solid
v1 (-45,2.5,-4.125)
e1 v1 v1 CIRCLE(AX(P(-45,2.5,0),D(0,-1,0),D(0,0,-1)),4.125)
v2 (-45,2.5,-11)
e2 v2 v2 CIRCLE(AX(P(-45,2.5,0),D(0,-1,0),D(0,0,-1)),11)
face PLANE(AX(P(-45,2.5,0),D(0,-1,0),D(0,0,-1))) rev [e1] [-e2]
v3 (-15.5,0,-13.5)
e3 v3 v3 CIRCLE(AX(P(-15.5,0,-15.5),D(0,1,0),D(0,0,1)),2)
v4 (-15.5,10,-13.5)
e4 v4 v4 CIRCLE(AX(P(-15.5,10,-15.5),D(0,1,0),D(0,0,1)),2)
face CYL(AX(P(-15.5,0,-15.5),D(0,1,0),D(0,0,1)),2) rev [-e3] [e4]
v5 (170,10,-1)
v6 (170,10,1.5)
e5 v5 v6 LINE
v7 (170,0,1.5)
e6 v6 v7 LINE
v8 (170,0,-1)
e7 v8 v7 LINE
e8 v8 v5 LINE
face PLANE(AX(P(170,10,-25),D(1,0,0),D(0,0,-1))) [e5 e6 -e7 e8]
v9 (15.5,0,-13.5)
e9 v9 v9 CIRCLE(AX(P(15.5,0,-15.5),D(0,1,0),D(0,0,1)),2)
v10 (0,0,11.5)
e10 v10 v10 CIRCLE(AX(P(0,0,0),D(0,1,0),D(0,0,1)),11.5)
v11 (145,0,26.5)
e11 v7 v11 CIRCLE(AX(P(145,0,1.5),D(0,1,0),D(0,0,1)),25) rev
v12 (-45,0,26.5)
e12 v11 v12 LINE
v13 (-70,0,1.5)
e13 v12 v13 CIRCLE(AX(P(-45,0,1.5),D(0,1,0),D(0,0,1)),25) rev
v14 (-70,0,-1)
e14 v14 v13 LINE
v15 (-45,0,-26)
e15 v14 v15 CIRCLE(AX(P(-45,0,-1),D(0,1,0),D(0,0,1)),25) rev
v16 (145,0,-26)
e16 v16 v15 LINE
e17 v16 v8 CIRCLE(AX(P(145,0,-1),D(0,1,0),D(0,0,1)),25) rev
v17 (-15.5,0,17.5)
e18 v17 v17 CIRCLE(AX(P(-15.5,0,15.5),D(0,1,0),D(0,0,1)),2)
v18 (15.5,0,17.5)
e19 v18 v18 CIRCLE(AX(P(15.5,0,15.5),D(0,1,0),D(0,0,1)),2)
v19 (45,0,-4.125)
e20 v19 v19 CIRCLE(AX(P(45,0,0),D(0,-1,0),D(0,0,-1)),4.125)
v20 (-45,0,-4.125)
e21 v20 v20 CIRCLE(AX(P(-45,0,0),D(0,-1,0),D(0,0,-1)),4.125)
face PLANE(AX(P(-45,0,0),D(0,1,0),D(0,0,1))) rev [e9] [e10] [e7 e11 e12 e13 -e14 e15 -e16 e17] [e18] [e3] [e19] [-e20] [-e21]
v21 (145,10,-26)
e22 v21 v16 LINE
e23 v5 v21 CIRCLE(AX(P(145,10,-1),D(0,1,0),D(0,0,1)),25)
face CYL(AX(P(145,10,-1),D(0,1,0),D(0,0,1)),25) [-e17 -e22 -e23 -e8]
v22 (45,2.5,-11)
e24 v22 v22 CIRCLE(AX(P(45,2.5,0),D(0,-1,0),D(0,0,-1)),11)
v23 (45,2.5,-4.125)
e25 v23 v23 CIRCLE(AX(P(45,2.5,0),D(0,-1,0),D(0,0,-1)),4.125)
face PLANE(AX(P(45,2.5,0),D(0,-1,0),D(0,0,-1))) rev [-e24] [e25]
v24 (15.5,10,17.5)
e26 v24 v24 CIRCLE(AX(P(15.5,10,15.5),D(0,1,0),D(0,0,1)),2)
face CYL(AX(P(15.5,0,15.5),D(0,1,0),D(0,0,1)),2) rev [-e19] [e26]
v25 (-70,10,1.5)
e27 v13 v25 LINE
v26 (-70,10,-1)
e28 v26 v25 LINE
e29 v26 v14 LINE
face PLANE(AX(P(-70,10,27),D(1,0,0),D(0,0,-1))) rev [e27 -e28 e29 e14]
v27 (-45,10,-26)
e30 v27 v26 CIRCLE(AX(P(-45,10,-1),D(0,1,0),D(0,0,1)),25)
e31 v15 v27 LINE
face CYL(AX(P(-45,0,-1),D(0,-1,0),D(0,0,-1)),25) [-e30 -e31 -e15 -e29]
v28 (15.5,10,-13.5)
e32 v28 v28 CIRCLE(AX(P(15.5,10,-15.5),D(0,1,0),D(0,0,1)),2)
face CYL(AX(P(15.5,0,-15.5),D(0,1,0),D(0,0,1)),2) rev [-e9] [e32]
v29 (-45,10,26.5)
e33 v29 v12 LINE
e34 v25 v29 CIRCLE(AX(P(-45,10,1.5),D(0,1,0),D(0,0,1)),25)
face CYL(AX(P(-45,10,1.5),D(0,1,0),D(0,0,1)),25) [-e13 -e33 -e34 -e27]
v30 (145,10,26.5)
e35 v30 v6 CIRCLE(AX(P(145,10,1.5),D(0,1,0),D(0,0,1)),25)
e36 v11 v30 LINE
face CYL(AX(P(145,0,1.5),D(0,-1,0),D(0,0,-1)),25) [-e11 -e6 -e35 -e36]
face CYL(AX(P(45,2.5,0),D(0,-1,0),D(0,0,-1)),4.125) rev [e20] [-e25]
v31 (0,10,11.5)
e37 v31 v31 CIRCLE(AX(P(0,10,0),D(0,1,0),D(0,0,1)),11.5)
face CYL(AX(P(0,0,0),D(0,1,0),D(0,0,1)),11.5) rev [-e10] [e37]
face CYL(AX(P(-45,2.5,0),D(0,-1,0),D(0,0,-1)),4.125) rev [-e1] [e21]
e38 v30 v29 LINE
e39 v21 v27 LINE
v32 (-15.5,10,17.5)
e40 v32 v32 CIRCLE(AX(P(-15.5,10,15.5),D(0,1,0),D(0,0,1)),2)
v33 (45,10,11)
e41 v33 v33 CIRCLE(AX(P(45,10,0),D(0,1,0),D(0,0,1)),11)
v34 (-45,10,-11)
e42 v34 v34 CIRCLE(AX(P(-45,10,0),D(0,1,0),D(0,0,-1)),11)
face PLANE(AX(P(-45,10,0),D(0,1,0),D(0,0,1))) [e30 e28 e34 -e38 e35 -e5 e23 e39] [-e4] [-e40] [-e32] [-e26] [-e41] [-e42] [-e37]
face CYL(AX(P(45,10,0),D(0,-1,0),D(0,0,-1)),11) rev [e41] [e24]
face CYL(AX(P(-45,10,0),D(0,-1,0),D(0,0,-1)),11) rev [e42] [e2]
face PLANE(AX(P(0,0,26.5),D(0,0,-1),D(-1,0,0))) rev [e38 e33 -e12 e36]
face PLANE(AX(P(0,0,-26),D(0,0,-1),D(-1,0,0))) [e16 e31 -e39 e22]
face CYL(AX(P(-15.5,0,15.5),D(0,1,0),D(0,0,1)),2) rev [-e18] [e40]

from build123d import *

# Parameters (mm, degrees)
SKETCH1_R           = 11
BOSS_EXTRUDE1_DEPTH = 10
SKETCH2_R           = 11
SKETCH2_R_2         = 4.125
BOSS_EXTRUDE2_DEPTH = 2.5
SKETCH4_R           = 2
SKETCH4_R_2         = 11.5
CUT_EXTRUDE1_DEPTH  = 10
BOSS_EXTRUDE3_DEPTH = 10
BOSS_EXTRUDE4_DEPTH = 10
FILLET1_R           = 25
CUT_EXTRUDE5_DEPTH  = 10
BOSS_EXTRUDE6_DEPTH = 10
FILLET3_R           = 25
BOSS_EXTRUDE7_DEPTH = 10
FILLET4_R           = 25


with BuildPart() as part:
    # Sketch1 → Boss-Extrude1 (new body)
    with BuildSketch(Plane(origin=(0, 0, 0), x_dir=(1, 0, 0), z_dir=(0, 1, 0))):
        with BuildLine():
            Line((-45, -27), (-25, -27))
            Line((-25, -27), (25, -27))
            Line((25, -27), (45, -27))
            Line((45, -27), (70, -27))
            Line((70, -27), (70, -2))
            Line((70, -2), (70, 0))
            ThreePointArc((70, 0), (62.67766953, 17.67766953), (45, 25))
            Line((45, 25), (-45, 25))
            ThreePointArc((-45, 25), (-62.67766953, 17.67766953), (-70, 0))
            Line((-70, 0), (-70, -2))
            Line((-70, -2), (-70, -27))
            Line((-70, -27), (-45, -27))
        make_face()
        with Locations(Location((-45, 0, 0), (0, 0, 90))):  # turned: the seam where the file's is
            Circle(SKETCH1_R, mode=Mode.SUBTRACT)
        with Locations(Location((45, 0, 0), (0, 0, 270))):  # turned: the seam where the file's is
            Circle(SKETCH1_R, mode=Mode.SUBTRACT)
    extrude(amount=BOSS_EXTRUDE1_DEPTH)

    # Sketch2 → Boss-Extrude2 (add)
    with BuildSketch(Plane.XZ):
        with Locations(Location((45, 0, 0), (0, 0, 270))):  # turned: the seam where the file's is
            Circle(SKETCH2_R)
        with Locations(Location((45, 0, 0), (0, 0, 270))):  # turned: the seam where the file's is
            Circle(SKETCH2_R_2, mode=Mode.SUBTRACT)
        with Locations(Location((-45, 0, 0), (0, 0, 270))):  # turned: the seam where the file's is
            Circle(SKETCH2_R)
        with Locations(Location((-45, 0, 0), (0, 0, 270))):  # turned: the seam where the file's is
            Circle(SKETCH2_R_2, mode=Mode.SUBTRACT)
    extrude(amount=-BOSS_EXTRUDE2_DEPTH)

    # Sketch4 → Cut-Extrude1 (cut)
    with BuildSketch(Plane(origin=(0, 10, 0), x_dir=(1, 0, 0), z_dir=(0, 1, 0))):
        with Locations(Location((15.5, 15.5, 0), (0, 0, 270))):  # turned: the seam where the file's is
            Circle(SKETCH4_R)
        with Locations(Location((-15.5, 15.5, 0), (0, 0, 270))):  # turned: the seam where the file's is
            Circle(SKETCH4_R)
        with Locations(Location((-15.5, -15.5, 0), (0, 0, 270))):  # turned: the seam where the file's is
            Circle(SKETCH4_R)
        with Locations(Location((15.5, -15.5, 0), (0, 0, 270))):  # turned: the seam where the file's is
            Circle(SKETCH4_R)
        with Locations(Location((0, 0, 0), (0, 0, 270))):  # turned: the seam where the file's is
            Circle(SKETCH4_R_2)
    extrude(amount=-CUT_EXTRUDE1_DEPTH, mode=Mode.SUBTRACT)

    # Sketch5 → Boss-Extrude3 (add)
    with BuildSketch(Plane(origin=(0, 0, 0), x_dir=(-1, 0, 0), z_dir=(0, -1, 0))):
        Polygon((-70, -27), (-151.373495533, -27), (-151.373495533, 25), (-45, 25), (-50.986838326, 16.31487445), (-65.445821875, 2.682118533), (-66.139224666, -20.893576385), align=None)
    extrude(amount=-BOSS_EXTRUDE3_DEPTH)

    # Sketch6 → Boss-Extrude4 (add)
    with BuildSketch(Plane(origin=(0, 0, 0), x_dir=(-1, 0, 0), z_dir=(0, -1, 0))):
        Polygon((-151.373495533, 25), (-170, 25), (-170, -27), (-151.373495533, -27), (-141.038307318, -1), align=None)
    extrude(amount=-BOSS_EXTRUDE4_DEPTH)

    # Fillet1
    fillet1_edges = [part.edges().sort_by_distance(p)[0] for p in [
        (170, 5, 27),
        (170, 5, -25),
        (-70, 5, 27),
    ]]
    fillet(fillet1_edges, radius=FILLET1_R)

    # Sketch7 → Cut-Extrude5 (cut)
    with BuildSketch(Plane(origin=(0, 10, 0), x_dir=(1, 0, 0), z_dir=(0, 1, 0))):
        with BuildLine():
            Line((133.980635502, -69.297657421), (165.367779164, -26))
            Line((165.367779164, -26), (152, -26))
            ThreePointArc((152, -26), (148.535533906, -26.748737342), (145, -27))
            Line((145, -27), (-45, -27))
            ThreePointArc((-45, -27), (-48.535533906, -26.748737342), (-52, -26))
            Line((-52, -26), (-59.265699986, -26))
            Line((-59.265699986, -26), (-45.110713629, -66.528203569))
            Line((-45.110713629, -66.528203569), (133.980635502, -69.297657421))
        make_face()
        with BuildLine():
            ThreePointArc((145, -27), (148.535533906, -26.748737342), (152, -26))
            Line((152, -26), (-52, -26))
            ThreePointArc((-52, -26), (-48.535533906, -26.748737342), (-45, -27))
            Line((-45, -27), (145, -27))
        make_face()
    extrude(amount=-CUT_EXTRUDE5_DEPTH, mode=Mode.SUBTRACT)

    # Sketch10 → Boss-Extrude6 (add)
    with BuildSketch(Plane(origin=(0, 10, 0), x_dir=(1, 0, 0), z_dir=(0, 1, 0))):
        with BuildLine():
            Line((-63.907316272, 7.976406282), (-70, 0))
            ThreePointArc((-70, 0), (-62.67766953, 17.67766953), (-45, 25))
            Line((-45, 25), (145, 25))
            ThreePointArc((145, 25), (162.67766953, 17.67766953), (170, 0))
            Line((170, 0), (55.598298081, 15.952812565))
            Line((55.598298081, 15.952812565), (0, 23.705749919))
            Line((0, 23.705749919), (-30.230523, 19.829281242))
            Line((-30.230523, 19.829281242), (-63.907316272, 7.976406282))
        make_face()
        with BuildLine():
            Line((-70, 0), (-70, 26))
            Line((-70, 26), (170, 26))
            Line((170, 26), (170, 0))
            ThreePointArc((170, 0), (162.67766953, 17.67766953), (145, 25))
            Line((145, 25), (-45, 25))
            ThreePointArc((-45, 25), (-62.67766953, 17.67766953), (-70, 0))
        make_face()
    extrude(amount=-BOSS_EXTRUDE6_DEPTH)

    # Fillet3
    fillet3_edges = [part.edges().sort_by_distance(p)[0] for p in [
        (-70, 5, -26),
        (170, 5, -26),
    ]]
    fillet(fillet3_edges, radius=FILLET3_R)

    # Sketch11 → Boss-Extrude7 (add)
    with BuildSketch(Plane(origin=(0, 10, 0), x_dir=(1, 0, 0), z_dir=(0, 1, 0))):
        with BuildLine():
            Line((170, -2), (170, -0.5))
            Line((170, -0.5), (142.437846572, -19.831941741))
            Line((142.437846572, -19.831941741), (-54.330276999, -19.831941741))
            Line((-54.330276999, -19.831941741), (-70, -0.5))
            Line((-70, -0.5), (-70, -2))
            ThreePointArc((-70, -2), (-65, -17), (-52, -26))
            Line((-52, -26), (152, -26))
            ThreePointArc((152, -26), (165, -17), (170, -2))
        make_face()
        with BuildLine():
            Line((170, -26.5), (170, -2))
            ThreePointArc((170, -2), (165, -17), (152, -26))
            Line((152, -26), (-52, -26))
            ThreePointArc((-52, -26), (-65, -17), (-70, -2))
            Line((-70, -2), (-70, -26.5))
            Line((-70, -26.5), (170, -26.5))
        make_face()
    extrude(amount=-BOSS_EXTRUDE7_DEPTH)

    # Fillet4
    fillet4_edges = [part.edges().sort_by_distance(p)[0] for p in [
        (-70, 5, 26.5),
        (170, 5, 26.5),
    ]]
    fillet(fillet4_edges, radius=FILLET4_R)


solid = part.part
